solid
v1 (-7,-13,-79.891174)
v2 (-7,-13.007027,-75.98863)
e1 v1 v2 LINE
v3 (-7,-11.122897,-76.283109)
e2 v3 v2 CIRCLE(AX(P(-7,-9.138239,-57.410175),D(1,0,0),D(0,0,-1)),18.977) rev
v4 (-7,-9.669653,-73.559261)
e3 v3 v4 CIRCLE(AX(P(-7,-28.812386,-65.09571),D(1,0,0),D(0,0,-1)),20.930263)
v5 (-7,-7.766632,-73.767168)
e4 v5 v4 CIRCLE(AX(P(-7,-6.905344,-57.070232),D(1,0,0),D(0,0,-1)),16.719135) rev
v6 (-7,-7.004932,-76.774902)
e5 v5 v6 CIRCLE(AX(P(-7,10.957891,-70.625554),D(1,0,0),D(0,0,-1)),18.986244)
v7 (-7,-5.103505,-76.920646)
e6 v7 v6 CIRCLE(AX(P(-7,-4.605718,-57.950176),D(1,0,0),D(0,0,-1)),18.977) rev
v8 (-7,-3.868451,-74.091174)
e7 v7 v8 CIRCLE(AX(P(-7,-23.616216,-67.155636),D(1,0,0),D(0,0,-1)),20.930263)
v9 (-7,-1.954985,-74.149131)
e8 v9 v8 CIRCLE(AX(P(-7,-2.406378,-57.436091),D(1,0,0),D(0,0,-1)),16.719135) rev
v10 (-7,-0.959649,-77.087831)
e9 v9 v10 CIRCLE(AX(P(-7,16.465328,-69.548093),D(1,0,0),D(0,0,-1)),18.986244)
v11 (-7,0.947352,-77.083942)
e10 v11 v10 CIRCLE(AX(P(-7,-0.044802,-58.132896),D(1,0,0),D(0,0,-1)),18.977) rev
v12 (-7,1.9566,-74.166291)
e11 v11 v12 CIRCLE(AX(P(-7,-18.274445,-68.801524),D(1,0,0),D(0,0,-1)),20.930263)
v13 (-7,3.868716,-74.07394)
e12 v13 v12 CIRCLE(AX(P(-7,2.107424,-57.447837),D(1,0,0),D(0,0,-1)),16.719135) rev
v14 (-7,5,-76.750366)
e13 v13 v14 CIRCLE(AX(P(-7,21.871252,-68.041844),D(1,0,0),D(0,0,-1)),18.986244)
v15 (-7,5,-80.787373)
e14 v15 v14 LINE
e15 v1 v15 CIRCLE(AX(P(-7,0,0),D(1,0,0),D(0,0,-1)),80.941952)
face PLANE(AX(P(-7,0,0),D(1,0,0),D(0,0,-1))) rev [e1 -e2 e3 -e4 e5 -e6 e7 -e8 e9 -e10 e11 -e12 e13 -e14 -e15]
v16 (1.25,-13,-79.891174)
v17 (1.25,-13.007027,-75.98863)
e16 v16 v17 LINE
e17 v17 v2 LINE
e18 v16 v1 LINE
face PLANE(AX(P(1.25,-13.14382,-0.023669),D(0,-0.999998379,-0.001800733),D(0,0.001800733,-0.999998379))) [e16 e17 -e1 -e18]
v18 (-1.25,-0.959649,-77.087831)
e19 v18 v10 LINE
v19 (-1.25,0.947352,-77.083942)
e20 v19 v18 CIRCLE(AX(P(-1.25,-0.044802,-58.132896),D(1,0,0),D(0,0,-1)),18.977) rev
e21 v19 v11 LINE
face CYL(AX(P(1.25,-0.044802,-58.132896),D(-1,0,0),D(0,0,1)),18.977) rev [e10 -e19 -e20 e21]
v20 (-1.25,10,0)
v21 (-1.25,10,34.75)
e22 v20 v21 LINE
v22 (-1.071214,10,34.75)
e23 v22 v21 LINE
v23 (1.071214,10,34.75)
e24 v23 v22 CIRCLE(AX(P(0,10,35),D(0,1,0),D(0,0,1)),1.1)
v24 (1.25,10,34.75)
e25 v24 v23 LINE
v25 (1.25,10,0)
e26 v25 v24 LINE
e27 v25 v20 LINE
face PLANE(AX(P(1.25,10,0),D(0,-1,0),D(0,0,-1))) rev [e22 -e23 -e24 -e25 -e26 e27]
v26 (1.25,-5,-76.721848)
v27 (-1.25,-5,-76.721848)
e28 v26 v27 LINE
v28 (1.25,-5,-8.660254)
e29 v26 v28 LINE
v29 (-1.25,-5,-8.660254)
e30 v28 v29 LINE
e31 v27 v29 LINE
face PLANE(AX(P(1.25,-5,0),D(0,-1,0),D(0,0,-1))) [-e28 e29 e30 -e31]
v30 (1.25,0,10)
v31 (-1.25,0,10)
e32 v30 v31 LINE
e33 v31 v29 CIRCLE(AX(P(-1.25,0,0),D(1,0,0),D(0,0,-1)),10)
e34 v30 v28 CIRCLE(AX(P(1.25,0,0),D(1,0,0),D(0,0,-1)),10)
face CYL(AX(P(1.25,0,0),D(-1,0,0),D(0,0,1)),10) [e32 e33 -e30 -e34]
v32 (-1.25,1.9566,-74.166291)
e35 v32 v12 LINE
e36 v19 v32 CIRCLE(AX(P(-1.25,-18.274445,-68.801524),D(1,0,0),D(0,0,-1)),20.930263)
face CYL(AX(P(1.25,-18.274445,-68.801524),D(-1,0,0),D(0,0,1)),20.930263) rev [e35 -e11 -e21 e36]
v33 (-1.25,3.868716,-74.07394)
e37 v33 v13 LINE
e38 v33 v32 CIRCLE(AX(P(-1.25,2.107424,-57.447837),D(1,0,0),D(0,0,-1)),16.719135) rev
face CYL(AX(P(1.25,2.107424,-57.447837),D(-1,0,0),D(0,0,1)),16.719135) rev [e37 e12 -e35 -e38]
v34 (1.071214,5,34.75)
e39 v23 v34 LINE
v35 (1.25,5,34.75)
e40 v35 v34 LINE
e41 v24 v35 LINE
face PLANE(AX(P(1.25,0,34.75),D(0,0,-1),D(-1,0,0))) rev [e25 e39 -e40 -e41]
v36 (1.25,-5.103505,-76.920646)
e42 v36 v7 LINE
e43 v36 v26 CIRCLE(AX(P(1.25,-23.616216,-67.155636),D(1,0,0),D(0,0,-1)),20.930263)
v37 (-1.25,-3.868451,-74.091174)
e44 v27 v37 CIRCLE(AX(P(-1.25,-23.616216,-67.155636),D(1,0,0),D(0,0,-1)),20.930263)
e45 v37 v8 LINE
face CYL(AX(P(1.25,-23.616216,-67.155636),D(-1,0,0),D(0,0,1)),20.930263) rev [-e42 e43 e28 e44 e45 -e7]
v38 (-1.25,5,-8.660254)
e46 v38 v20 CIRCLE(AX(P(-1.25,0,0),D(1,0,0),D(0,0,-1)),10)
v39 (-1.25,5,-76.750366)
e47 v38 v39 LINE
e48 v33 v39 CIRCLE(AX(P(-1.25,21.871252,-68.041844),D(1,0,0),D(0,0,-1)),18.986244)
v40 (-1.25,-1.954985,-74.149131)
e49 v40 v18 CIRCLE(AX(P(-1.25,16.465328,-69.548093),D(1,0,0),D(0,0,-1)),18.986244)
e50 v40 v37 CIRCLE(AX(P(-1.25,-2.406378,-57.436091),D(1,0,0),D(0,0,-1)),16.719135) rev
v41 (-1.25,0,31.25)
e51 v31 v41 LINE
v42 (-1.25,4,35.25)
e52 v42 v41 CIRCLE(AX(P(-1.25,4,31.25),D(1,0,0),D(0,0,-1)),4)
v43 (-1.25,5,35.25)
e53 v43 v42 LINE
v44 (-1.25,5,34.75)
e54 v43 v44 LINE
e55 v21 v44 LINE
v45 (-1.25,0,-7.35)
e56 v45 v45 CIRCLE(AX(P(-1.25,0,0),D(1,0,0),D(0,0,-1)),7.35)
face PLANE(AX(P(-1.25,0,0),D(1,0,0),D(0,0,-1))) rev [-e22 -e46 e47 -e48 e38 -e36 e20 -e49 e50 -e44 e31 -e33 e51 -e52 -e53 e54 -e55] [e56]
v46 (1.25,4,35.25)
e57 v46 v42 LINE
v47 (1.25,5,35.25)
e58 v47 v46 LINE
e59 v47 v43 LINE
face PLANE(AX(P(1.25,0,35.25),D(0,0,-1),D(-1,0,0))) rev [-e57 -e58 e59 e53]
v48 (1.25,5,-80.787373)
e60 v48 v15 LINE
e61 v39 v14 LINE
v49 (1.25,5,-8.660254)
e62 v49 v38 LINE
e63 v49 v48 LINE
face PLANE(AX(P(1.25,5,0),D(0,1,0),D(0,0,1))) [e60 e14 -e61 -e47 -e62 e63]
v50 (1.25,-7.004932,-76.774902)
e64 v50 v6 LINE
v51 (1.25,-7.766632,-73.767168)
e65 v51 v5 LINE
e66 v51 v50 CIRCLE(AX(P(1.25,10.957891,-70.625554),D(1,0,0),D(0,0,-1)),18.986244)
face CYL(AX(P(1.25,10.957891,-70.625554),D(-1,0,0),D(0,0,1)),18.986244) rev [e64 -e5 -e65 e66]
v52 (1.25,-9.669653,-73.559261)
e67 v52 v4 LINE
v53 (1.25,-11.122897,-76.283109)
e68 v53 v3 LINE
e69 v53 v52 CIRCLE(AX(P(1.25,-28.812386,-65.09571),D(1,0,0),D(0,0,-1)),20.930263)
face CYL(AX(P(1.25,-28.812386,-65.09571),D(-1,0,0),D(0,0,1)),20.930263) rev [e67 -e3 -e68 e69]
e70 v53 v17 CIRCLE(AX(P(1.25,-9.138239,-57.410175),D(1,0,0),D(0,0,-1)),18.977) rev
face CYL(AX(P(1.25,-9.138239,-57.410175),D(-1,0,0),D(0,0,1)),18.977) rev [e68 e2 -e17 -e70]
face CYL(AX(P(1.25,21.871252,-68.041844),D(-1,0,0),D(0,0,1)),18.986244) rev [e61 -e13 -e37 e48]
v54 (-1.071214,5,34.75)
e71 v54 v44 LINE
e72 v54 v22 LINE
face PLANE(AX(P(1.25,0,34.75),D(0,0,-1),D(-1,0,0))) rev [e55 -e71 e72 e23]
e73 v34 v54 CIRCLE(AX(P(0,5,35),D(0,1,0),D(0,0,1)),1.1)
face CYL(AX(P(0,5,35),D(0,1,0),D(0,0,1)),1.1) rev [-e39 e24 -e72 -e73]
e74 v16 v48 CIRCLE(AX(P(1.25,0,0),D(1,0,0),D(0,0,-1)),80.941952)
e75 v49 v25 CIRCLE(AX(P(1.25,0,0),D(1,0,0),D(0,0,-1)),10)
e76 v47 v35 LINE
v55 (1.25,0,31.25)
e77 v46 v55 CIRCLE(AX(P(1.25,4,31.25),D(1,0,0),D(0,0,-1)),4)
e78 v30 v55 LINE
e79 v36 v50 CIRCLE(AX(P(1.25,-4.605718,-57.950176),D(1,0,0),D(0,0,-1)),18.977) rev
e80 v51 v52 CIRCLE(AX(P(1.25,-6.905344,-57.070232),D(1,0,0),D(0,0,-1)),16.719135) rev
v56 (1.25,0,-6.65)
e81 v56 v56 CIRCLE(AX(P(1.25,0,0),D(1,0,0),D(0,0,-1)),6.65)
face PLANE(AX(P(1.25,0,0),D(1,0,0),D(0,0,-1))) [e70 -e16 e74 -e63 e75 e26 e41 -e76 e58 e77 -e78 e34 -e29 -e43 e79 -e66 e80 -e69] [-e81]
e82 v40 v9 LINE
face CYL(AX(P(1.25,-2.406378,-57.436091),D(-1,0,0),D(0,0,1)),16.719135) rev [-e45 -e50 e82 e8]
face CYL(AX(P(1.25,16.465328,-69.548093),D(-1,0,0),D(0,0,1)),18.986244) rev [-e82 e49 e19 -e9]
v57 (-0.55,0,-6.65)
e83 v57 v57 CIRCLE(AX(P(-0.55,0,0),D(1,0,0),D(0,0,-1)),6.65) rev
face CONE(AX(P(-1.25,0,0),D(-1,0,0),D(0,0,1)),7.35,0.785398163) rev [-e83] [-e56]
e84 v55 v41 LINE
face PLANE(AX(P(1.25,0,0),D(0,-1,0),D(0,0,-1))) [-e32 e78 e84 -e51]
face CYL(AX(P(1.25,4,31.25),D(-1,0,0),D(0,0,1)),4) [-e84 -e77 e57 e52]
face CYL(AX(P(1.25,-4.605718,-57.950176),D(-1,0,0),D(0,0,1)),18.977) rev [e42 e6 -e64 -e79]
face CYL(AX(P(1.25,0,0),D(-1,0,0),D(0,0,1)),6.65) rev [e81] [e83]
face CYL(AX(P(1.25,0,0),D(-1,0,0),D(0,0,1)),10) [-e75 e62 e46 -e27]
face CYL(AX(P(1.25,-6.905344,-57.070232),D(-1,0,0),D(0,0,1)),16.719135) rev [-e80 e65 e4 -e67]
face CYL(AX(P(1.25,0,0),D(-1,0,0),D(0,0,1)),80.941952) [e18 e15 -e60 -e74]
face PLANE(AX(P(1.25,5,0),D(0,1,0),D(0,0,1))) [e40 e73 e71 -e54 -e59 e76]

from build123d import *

# Parameters (mm, degrees)
SKETCH_1_R              = 6.65
EXTRUDE_1_DEPTH         = 1.25
EXTRUDE_2_DEPTH         = 1.25
EXTRUDE_2_DEPTH_BACK    = 7
SKETCH_3_R              = 1.1
CUT_EXTRUDE_1_DEPTH     = 5
CHAMFER_1_SIZE          = 0.7
CUT_EXTRUDE1_DEPTH      = 10
CUT_EXTRUDE1_DEPTH_BACK = 10
SKETCH1_W               = 17.169793681
SKETCH1_H               = 8.928336681


with BuildPart() as part:
    # Эскиз1 → Бобышка-Вытянуть1 (new, symmetric)
    with BuildSketch(Plane(origin=(0, 0, 0), x_dir=(0, 0, -1), z_dir=(1, 0, 0))):
        with BuildLine():
            Line((-31.25, 0), (-10, 0))
            ThreePointArc((-10, 0), (-2.588190451, -9.659258263), (8.660254038, -5))
            Line((8.660254038, -5), (76.721847542, -5))
            ThreePointArc((76.721847542, -5), (75.425886146, -4.389181279), (74.09117429, -3.868451302))
            ThreePointArc((74.09117429, -3.868451302), (74.147561595, -2.912548148), (74.149130868, -1.954984622))
            ThreePointArc((74.149130868, -1.954984622), (75.638846987, -1.51744657), (77.087831178, -0.959648686))
            ThreePointArc((77.087831178, -0.959648686), (77.109856091, -0.006099484), (77.083941958, 0.947351948))
            ThreePointArc((77.083941958, 0.947351948), (75.643750299, 1.505844774), (74.166291118, 1.956600379))
            ThreePointArc((74.166291118, 1.956600379), (74.147505302, 2.913980899), (74.073940169, 3.8687157))
            ThreePointArc((74.073940169, 3.8687157), (75.433826566, 4.383081961), (76.750365892, 5))
            Line((76.750365892, 5), (8.660254038, 5))
            ThreePointArc((8.660254038, 5), (5, 8.660254038), (0, 10))
            Line((0, 10), (-34.75, 10))
            Line((-34.75, 10), (-34.75, 5))
            Line((-34.75, 5), (-35.25, 5))
            Line((-35.25, 5), (-35.25, 4))
            ThreePointArc((-35.25, 4), (-34.078427125, 1.171572875), (-31.25, 0))
        make_face()
        Circle(SKETCH_1_R, mode=Mode.SUBTRACT)
    extrude(amount=EXTRUDE_1_DEPTH, both=True)

    # Эскиз1<5> → Бобышка-Вытянуть2 (add, two sides: drawn at the far end of the back side and taken through both)
    with BuildSketch(Plane(origin=(0, 0, 0), x_dir=(0, 0, -1), z_dir=(1, 0, 0)).offset(-EXTRUDE_2_DEPTH_BACK)):
        with BuildLine():
            Line((73.559260736, 9.685830974), (74.227172899, 10))
            Line((74.227172899, 10), (80.32185029, 10))
            ThreePointArc((80.32185029, 10), (80.927765714, -1.515378033), (79.891173693, -13))
            Line((79.891173693, -13), (75.988629927, -13.007027449))
            ThreePointArc((75.988629927, -13.007027449), (76.159551637, -12.068663477), (76.283109214, -11.12289675))
            ThreePointArc((76.283109214, -11.12289675), (74.948016231, -10.345984286), (73.559260736, -9.669652694))
            ThreePointArc((73.559260736, -9.669652694), (73.690473514, -8.721120367), (73.767167518, -7.766631814))
            ThreePointArc((73.767167518, -7.766631814), (75.28662018, -7.447324325), (76.774901953, -7.004931935))
            ThreePointArc((76.774901953, -7.004931935), (76.871673579, -6.056050262), (76.920646267, -5.103504803))
            ThreePointArc((76.920646267, -5.103504803), (75.528713081, -4.433737489), (74.09117429, -3.868451302))
            ThreePointArc((74.09117429, -3.868451302), (74.147561595, -2.912548148), (74.149130868, -1.954984622))
            ThreePointArc((74.149130868, -1.954984622), (75.638846987, -1.51744657), (77.087831178, -0.959648686))
            ThreePointArc((77.087831178, -0.959648686), (77.109856091, -0.006099484), (77.083941958, 0.947351948))
            ThreePointArc((77.083941958, 0.947351948), (75.643750299, 1.505844774), (74.166291118, 1.956600379))
            ThreePointArc((74.166291118, 1.956600379), (74.147505302, 2.913980899), (74.073940169, 3.8687157))
            ThreePointArc((74.073940169, 3.8687157), (75.524735151, 4.421786748), (76.925488289, 5.091551117))
            ThreePointArc((76.925488289, 5.091551117), (76.872630699, 6.043888899), (76.771989513, 6.992367959))
            ThreePointArc((76.771989513, 6.992367959), (75.292418643, 7.436143003), (73.784148097, 7.769588967))
            ThreePointArc((73.784148097, 7.769588967), (73.691130431, 8.729989779), (73.559260736, 9.685830974))
        make_face()
    extrude(amount=EXTRUDE_2_DEPTH + EXTRUDE_2_DEPTH_BACK)

    # Эскиз3 → Вырез-Вытянуть1 (cut)
    with BuildSketch(Plane(origin=(0, 10, 0), x_dir=(1, 0, 0), z_dir=(0, 1, 0))):
        with Locations((0, -35)):
            Circle(SKETCH_3_R)
    extrude(amount=-CUT_EXTRUDE_1_DEPTH, mode=Mode.SUBTRACT)

    # Фаска1
    chamfer_1_edges = [part.edges().sort_by_distance(p)[0] for p in [
        (-1.25, 0, 6.65),
    ]]
    chamfer(chamfer_1_edges, length=CHAMFER_1_SIZE)

    # Sketch1 → Cut-Extrude1 (cut, two sides: drawn at the far end of the back side and taken through both)
    with BuildSketch(Plane(origin=(0, 0, 0), x_dir=(0, 0, -1), z_dir=(1, 0, 0)).offset(-CUT_EXTRUDE1_DEPTH_BACK)):
        with Locations((77.607372566, 9.464168341)):
            Rectangle(SKETCH1_W, SKETCH1_H)
    extrude(amount=CUT_EXTRUDE1_DEPTH + CUT_EXTRUDE1_DEPTH_BACK, mode=Mode.SUBTRACT)


solid = part.part
